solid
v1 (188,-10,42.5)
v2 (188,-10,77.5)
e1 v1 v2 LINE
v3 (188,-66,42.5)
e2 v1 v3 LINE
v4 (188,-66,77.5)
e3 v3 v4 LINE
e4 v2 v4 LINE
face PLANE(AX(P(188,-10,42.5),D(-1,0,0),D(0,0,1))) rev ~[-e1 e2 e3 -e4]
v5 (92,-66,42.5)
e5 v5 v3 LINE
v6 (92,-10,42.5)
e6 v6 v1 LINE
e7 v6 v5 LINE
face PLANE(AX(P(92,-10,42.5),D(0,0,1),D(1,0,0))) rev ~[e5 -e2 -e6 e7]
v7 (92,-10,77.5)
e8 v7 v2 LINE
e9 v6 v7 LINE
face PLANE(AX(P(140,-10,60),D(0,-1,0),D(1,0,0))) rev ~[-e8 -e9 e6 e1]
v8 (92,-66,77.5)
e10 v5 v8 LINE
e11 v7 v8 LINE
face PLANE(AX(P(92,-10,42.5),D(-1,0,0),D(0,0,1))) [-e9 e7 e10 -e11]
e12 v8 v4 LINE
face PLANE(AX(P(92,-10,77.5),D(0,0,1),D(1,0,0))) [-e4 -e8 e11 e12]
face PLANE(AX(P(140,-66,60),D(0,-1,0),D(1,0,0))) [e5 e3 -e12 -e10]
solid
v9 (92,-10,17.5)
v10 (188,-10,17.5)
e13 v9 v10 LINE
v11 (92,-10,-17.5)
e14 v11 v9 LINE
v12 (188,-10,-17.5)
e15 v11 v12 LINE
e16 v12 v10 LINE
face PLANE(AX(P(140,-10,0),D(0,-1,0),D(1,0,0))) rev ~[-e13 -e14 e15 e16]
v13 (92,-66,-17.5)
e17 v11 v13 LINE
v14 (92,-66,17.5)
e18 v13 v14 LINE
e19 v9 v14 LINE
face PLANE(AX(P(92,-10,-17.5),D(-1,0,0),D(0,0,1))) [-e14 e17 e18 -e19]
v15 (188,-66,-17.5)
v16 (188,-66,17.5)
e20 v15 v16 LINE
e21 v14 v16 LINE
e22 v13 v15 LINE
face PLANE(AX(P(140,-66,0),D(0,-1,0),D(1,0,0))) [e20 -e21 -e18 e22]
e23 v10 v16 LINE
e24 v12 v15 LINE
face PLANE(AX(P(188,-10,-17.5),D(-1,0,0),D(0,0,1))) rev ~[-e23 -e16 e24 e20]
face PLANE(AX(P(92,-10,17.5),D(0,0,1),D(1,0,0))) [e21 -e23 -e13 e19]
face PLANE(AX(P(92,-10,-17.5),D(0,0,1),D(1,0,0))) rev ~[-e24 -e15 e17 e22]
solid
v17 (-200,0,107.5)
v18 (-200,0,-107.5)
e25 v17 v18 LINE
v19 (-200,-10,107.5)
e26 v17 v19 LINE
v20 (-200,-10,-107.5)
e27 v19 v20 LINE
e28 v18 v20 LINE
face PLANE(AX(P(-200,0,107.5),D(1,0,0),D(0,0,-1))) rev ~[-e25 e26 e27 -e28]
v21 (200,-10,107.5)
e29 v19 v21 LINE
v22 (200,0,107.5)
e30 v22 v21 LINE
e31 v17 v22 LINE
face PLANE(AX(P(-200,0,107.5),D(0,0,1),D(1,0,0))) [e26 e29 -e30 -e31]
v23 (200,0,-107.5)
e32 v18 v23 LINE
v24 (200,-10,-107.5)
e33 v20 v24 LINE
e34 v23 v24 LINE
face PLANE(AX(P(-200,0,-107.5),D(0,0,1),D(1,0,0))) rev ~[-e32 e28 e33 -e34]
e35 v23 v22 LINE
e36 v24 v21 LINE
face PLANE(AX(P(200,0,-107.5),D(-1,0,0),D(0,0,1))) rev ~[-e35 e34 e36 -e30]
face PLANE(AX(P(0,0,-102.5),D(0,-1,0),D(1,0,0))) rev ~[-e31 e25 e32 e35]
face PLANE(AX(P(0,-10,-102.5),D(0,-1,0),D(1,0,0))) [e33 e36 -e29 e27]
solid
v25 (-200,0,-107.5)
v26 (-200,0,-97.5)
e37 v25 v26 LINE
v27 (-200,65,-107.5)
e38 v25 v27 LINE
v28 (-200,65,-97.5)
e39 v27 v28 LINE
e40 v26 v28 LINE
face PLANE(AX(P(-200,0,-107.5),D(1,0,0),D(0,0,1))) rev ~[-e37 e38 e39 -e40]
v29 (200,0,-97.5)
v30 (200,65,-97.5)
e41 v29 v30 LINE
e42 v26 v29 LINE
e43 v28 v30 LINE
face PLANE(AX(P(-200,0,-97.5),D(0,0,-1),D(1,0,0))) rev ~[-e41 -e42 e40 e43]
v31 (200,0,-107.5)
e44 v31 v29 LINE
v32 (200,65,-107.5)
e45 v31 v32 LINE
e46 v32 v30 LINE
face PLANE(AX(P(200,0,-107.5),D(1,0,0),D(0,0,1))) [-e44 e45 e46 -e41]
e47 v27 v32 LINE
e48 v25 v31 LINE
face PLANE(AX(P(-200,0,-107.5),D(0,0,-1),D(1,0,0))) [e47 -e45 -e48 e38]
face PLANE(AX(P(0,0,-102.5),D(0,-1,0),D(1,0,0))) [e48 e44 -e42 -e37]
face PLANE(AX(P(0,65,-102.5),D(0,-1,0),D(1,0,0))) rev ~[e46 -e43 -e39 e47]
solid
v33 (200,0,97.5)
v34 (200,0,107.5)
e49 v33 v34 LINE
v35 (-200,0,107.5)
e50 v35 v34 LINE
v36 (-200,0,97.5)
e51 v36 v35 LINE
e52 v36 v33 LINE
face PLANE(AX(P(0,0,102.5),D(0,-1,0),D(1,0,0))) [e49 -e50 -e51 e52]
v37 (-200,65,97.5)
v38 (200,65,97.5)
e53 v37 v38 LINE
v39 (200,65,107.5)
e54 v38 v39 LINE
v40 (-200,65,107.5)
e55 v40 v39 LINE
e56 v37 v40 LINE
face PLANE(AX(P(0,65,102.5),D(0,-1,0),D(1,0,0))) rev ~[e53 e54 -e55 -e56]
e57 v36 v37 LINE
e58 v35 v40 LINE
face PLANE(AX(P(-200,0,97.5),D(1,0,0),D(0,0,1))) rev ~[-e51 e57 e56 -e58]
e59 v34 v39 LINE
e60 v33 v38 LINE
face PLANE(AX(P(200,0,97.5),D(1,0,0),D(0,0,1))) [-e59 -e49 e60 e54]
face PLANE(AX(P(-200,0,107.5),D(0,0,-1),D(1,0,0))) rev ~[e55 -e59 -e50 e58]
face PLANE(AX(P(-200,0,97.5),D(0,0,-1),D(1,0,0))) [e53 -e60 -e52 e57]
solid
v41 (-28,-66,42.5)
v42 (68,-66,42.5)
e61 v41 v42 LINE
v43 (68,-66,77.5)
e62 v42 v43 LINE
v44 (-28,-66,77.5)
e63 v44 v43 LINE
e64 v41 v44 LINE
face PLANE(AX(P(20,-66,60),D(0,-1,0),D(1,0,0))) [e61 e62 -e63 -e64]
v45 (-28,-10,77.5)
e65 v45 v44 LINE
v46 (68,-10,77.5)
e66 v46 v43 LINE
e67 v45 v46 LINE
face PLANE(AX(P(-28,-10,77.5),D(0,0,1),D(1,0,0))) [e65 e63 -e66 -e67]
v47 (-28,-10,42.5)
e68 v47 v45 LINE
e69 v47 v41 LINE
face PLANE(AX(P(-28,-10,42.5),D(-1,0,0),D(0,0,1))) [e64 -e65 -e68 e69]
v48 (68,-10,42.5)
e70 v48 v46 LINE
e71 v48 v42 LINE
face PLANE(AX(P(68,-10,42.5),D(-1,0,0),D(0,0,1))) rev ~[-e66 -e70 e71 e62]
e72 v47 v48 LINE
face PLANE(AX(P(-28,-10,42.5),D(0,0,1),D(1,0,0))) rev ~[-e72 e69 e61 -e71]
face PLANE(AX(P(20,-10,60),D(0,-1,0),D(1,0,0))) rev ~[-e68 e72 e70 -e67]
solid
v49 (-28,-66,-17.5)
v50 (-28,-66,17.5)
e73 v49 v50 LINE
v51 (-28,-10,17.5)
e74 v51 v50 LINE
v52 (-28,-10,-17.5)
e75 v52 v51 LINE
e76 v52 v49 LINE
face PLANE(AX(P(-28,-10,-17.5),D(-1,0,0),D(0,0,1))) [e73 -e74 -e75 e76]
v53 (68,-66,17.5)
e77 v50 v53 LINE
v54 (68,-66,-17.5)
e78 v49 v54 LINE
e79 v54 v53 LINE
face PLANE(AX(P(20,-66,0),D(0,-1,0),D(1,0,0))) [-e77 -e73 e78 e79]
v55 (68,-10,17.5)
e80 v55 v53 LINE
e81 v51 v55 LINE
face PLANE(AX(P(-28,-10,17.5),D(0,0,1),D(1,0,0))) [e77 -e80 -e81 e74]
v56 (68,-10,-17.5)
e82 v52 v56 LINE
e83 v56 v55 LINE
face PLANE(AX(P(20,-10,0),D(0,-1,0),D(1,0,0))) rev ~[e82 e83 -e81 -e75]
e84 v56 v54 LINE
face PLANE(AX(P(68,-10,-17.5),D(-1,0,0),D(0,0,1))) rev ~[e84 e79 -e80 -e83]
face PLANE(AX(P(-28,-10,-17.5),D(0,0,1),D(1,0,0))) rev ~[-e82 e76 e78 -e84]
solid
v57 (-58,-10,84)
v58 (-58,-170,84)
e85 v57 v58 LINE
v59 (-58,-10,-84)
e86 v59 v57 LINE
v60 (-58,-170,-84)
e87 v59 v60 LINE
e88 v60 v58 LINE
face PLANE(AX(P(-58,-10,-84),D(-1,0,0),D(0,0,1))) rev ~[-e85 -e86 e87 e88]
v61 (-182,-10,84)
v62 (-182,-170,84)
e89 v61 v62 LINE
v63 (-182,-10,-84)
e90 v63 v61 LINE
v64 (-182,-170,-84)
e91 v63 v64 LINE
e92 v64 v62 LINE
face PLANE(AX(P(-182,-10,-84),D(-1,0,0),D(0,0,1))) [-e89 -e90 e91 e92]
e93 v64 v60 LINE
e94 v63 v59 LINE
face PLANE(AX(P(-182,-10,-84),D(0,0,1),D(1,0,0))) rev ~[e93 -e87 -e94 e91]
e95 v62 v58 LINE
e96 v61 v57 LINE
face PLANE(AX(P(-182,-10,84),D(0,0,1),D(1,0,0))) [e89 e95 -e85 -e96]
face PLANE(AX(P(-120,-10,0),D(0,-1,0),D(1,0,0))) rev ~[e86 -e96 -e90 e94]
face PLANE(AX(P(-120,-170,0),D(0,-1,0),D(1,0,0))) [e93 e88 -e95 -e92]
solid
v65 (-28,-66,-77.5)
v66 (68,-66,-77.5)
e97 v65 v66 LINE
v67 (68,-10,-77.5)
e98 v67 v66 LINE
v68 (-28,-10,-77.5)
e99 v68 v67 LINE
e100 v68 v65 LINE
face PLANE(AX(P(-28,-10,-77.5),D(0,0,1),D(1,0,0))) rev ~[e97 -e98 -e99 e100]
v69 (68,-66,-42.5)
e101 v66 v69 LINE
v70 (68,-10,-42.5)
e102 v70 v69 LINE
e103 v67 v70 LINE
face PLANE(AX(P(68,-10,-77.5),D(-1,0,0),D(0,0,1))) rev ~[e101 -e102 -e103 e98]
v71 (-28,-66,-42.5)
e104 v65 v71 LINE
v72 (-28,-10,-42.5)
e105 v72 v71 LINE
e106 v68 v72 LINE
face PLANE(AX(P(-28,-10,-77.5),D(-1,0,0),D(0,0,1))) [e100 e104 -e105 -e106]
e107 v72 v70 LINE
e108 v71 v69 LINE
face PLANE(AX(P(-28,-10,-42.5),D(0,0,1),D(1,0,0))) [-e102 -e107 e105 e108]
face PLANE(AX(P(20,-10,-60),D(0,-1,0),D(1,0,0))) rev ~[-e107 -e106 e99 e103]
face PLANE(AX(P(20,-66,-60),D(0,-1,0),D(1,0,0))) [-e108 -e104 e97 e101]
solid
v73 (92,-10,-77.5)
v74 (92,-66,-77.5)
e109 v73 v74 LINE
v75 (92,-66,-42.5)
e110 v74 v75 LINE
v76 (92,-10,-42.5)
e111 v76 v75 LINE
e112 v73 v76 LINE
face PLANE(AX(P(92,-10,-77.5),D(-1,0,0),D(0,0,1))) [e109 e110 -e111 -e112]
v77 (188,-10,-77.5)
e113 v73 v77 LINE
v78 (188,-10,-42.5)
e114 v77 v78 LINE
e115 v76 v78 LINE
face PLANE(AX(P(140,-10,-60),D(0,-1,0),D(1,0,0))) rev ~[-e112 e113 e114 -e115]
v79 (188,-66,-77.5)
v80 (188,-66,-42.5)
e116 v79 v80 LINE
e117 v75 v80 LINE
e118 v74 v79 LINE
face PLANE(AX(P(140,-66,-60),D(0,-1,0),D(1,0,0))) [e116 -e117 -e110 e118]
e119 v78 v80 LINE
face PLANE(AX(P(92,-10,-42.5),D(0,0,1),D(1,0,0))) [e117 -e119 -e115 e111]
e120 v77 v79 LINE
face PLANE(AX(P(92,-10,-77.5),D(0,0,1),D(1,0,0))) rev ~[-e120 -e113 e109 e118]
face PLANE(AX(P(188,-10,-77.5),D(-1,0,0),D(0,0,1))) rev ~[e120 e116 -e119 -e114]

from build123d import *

# Parameters (mm, degrees)
F1_W     = 400
F1_H     = 10
F1_H_2   = 195
F2_DEPTH = 10
F3_DEPTH = 65
F4_W     = 124
F4_H     = 168
F5_DEPTH = 160
F4_W_2   = 96
F4_H_2   = 35
F6_DEPTH = 56


with BuildPart() as f2:
    # F1 (on Front) → F2 (new body)
    with BuildSketch(Plane.XZ):
        with Locations((0, -102.5)):
            Rectangle(F1_W, F1_H)
        Rectangle(F1_W, F1_H_2)
        with Locations((0, 102.5)):
            Rectangle(F1_W, F1_H)
    extrude(amount=F2_DEPTH)


with BuildPart() as f3:
    # F1 (on Front) → F3 (new body)
    with BuildSketch(Plane.XZ):
        with Locations((0, 102.5)):
            Rectangle(F1_W, F1_H)
        with Locations((0, -102.5)):
            Rectangle(F1_W, F1_H)
    extrude(amount=-F3_DEPTH)


with BuildPart() as f5:
    # F4 (on face) → F5 (new body)
    with BuildSketch(Plane.XZ.offset(10)):
        with Locations((-120, 0)):
            Rectangle(F4_W, F4_H)
    extrude(amount=F5_DEPTH)


with BuildPart() as f6:
    # F4 (on face) → F6 (new body)
    with BuildSketch(Plane.XZ.offset(10)):
        with Locations((20, 60)):
            Rectangle(F4_W_2, F4_H_2)
        with Locations((20, 0)):
            Rectangle(F4_W_2, F4_H_2)
        with Locations((20, -60)):
            Rectangle(F4_W_2, F4_H_2)
        with Locations((140, 60)):
            Rectangle(F4_W_2, F4_H_2)
        with Locations((140, 0)):
            Rectangle(F4_W_2, F4_H_2)
        with Locations((140, -60)):
            Rectangle(F4_W_2, F4_H_2)
    extrude(amount=F6_DEPTH)


solid = Compound([f2.part, f3.part, f5.part, f6.part])
